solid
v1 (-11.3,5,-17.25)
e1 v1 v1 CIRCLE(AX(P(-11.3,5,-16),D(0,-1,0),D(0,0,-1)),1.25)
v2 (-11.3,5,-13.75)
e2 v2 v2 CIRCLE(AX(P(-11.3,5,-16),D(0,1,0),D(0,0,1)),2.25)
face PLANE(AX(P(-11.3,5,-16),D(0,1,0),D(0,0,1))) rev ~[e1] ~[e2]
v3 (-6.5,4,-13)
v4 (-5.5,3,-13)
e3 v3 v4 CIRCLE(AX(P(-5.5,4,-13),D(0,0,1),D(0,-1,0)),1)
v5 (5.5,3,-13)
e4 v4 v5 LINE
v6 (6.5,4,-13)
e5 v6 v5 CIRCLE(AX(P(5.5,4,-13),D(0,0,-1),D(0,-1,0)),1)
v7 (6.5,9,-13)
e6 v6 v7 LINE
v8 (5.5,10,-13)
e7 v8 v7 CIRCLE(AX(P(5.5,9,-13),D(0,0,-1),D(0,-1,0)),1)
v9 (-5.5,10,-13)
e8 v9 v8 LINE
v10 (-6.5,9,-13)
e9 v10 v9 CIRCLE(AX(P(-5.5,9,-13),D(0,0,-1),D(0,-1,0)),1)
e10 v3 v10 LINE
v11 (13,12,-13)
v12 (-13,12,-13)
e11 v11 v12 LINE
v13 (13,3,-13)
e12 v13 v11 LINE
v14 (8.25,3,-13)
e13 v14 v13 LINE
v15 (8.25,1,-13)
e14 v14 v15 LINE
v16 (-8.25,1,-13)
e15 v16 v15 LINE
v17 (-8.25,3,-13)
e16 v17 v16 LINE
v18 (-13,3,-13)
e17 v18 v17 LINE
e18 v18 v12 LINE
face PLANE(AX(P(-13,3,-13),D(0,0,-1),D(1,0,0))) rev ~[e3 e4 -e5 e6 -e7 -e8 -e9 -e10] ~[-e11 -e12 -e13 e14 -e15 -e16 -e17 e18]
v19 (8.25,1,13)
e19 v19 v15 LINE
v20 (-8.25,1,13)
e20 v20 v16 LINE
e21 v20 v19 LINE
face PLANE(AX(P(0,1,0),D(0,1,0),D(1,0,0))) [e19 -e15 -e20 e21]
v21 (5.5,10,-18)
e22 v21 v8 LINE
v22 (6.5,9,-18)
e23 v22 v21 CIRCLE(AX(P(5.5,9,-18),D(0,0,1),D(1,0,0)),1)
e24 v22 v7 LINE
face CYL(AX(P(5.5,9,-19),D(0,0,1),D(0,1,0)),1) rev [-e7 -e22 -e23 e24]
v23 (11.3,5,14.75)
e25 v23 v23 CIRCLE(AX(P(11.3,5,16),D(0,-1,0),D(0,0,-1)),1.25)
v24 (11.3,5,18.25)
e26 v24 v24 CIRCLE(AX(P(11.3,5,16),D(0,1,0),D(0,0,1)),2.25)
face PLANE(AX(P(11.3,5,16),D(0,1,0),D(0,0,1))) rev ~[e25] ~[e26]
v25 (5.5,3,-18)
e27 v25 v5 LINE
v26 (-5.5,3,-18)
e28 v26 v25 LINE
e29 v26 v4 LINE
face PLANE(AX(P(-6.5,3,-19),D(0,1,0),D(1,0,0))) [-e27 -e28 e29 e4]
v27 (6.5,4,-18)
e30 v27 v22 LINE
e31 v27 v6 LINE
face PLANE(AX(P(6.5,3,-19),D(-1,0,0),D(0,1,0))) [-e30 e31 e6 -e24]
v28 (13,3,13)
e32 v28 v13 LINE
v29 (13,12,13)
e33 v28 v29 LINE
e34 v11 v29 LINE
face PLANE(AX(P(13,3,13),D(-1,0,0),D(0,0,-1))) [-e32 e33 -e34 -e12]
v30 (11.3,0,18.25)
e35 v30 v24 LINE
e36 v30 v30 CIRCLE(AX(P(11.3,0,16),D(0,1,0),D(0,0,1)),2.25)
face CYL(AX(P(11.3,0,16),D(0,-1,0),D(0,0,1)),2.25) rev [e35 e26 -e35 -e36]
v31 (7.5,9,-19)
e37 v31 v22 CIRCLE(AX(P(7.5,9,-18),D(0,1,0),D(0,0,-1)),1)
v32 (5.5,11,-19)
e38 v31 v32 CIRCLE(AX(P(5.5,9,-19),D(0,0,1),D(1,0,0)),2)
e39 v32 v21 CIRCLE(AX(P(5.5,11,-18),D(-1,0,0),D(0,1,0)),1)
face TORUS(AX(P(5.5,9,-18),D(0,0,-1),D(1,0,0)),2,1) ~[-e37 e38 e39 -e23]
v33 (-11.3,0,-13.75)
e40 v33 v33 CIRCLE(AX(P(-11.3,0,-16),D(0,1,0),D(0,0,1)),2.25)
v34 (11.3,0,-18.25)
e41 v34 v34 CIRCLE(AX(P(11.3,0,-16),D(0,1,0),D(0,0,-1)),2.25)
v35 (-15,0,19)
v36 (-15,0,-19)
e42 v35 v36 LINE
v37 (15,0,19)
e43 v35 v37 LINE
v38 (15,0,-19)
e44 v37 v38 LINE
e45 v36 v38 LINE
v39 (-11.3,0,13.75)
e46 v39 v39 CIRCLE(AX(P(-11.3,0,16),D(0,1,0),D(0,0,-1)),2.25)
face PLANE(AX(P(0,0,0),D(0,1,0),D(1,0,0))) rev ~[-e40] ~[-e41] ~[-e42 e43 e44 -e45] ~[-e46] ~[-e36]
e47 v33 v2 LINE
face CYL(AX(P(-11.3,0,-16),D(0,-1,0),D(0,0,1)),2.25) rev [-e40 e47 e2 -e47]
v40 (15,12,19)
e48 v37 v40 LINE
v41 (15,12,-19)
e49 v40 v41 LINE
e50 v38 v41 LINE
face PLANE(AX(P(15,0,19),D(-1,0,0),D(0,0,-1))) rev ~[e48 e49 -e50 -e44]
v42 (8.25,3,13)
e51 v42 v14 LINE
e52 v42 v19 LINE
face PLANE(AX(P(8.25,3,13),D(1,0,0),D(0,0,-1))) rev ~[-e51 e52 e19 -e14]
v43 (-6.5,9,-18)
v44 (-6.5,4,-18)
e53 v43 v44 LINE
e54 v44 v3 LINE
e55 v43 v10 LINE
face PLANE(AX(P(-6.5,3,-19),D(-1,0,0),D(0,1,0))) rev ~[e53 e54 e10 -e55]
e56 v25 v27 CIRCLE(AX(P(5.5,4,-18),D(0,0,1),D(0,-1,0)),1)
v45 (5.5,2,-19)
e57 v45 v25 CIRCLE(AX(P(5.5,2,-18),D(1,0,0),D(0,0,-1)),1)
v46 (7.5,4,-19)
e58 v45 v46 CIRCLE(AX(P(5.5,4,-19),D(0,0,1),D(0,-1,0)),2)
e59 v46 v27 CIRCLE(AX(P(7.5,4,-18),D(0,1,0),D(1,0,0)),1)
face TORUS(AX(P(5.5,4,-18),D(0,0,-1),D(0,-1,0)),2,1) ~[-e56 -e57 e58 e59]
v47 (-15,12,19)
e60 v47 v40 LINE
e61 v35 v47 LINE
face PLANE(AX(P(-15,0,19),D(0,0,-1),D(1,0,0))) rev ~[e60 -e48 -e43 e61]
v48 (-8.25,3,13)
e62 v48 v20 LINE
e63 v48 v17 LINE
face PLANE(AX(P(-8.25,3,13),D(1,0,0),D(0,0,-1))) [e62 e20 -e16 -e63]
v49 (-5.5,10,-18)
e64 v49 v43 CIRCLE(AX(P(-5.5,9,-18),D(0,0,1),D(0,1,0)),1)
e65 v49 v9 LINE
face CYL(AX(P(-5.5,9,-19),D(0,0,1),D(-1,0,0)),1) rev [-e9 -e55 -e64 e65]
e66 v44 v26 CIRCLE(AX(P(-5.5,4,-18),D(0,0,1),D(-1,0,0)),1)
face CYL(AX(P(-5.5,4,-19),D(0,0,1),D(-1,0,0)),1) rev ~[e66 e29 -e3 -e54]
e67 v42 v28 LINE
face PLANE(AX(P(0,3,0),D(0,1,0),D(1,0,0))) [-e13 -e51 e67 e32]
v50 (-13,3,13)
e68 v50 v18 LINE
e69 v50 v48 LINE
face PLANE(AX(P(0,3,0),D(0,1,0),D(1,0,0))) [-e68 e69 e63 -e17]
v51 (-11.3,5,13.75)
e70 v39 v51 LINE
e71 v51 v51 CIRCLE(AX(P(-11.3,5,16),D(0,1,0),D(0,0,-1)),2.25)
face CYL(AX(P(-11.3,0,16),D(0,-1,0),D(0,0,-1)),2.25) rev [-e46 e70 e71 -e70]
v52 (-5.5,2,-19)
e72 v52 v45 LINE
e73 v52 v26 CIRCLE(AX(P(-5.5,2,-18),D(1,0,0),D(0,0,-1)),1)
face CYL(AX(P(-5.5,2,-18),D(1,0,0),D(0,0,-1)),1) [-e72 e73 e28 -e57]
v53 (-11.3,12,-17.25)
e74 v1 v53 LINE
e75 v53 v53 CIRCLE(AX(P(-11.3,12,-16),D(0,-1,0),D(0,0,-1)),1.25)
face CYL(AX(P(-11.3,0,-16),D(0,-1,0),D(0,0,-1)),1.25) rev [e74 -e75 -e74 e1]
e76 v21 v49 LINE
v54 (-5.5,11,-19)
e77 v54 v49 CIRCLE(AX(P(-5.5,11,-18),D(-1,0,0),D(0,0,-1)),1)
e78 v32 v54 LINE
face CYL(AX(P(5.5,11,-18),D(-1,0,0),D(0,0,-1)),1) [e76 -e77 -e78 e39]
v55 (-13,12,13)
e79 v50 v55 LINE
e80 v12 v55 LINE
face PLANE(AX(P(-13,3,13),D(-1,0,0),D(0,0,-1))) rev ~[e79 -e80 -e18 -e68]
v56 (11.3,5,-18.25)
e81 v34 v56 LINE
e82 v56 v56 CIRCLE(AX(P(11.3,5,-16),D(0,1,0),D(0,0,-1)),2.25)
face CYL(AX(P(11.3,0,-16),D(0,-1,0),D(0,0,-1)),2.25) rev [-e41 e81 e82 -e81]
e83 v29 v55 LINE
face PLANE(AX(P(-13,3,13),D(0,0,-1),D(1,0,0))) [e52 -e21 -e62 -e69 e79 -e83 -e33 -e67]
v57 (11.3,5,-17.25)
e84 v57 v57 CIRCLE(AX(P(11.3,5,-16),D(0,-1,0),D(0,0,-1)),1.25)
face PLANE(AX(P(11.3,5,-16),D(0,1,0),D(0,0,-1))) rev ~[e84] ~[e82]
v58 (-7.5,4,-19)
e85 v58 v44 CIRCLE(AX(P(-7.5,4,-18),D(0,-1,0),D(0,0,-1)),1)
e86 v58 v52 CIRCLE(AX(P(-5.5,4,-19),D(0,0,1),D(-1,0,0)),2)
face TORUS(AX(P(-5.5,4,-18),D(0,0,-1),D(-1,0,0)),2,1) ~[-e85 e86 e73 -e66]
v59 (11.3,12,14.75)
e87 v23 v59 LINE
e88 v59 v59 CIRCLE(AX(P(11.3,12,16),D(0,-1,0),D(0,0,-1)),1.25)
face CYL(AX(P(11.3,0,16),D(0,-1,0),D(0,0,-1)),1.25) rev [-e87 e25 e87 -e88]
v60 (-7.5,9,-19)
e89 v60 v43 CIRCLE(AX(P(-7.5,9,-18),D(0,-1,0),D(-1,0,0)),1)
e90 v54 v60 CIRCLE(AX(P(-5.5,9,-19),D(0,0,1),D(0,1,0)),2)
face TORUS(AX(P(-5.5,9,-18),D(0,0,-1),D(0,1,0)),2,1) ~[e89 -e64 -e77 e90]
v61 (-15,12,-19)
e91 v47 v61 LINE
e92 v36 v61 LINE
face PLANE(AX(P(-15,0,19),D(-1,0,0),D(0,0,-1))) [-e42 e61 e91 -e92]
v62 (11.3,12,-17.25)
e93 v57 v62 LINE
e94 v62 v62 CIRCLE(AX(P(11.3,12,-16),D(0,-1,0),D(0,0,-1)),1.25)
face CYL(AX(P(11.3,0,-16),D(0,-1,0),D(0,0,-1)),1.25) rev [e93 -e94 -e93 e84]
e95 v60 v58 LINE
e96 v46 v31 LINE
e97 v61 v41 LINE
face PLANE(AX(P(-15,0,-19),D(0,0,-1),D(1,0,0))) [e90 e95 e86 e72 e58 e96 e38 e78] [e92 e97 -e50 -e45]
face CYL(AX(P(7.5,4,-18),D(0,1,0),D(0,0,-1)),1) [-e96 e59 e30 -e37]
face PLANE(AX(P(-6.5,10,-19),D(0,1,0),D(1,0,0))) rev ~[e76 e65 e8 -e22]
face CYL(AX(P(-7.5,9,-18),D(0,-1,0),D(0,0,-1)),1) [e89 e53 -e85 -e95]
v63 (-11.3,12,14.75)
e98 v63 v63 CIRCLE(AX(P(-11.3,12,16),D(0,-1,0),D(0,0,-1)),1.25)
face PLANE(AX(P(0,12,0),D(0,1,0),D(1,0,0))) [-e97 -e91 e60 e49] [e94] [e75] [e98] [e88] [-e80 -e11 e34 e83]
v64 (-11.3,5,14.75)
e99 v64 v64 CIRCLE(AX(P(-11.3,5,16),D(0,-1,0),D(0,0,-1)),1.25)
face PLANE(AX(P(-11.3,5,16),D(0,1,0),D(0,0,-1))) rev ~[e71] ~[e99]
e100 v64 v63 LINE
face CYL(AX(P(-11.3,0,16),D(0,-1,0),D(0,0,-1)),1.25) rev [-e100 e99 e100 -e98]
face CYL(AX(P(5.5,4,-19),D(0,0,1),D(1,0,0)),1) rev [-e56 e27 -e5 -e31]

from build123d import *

# Parameters (mm, degrees)
SKETCH_1_W          = 30
SKETCH_1_H          = 38
EXTRUDE_1_DEPTH     = 12
CUT_EXTRUDE_START   = 3
SKETCH_1_4_W        = 26
SKETCH_1_4_H        = 26
CUT_EXTRUDE_1_DEPTH = 14
SKETCH_1_6_W        = 16.5
SKETCH_1_6_H        = 26
CUT_EXTRUDE_2_DEPTH = 2
SKETCH_1_7_R        = 1.25
CUT_EXTRUDE_5_DEPTH = 21
SKETCH_1_8_R        = 2.25
CUT_EXTRUDE_6_DEPTH = 5
SKETCH_3_W          = 13
SKETCH_3_H          = 7
CUT_EXTRUDE_7_DEPTH = 7
FILLET_1_R          = 1
FILLET_2_R          = 1


with BuildPart() as part:
    # 草图1 → 凸台-拉伸1 (new body)
    with BuildSketch(Plane(origin=(0, 0, 0), x_dir=(1, 0, 0), z_dir=(0, 1, 0))):
        Rectangle(SKETCH_1_W, SKETCH_1_H)
    extrude(amount=EXTRUDE_1_DEPTH)

    # 草图1<4> → 切除-拉伸1 (cut)
    with BuildSketch(Plane(origin=(0, 0, 0), x_dir=(1, 0, 0), z_dir=(0, 1, 0)).offset(CUT_EXTRUDE_START)):
        Rectangle(SKETCH_1_4_W, SKETCH_1_4_H)
    extrude(amount=CUT_EXTRUDE_1_DEPTH, mode=Mode.SUBTRACT)

    # 草图1<6> → 切除-拉伸2 (cut)
    with BuildSketch(Plane(origin=(0, 0, 0), x_dir=(1, 0, 0), z_dir=(0, 1, 0)).offset(CUT_EXTRUDE_START)):
        Rectangle(SKETCH_1_6_W, SKETCH_1_6_H)
    extrude(amount=-CUT_EXTRUDE_2_DEPTH, mode=Mode.SUBTRACT)

    # 草图1<7> → 切除-拉伸5 (cut)
    with BuildSketch(Plane(origin=(0, 0, 0), x_dir=(1, 0, 0), z_dir=(0, 1, 0))):
        with Locations(Location((-11.3, 16, 0), (0, 0, 90))):
            Circle(SKETCH_1_7_R)
        with Locations(Location((11.3, 16, 0), (0, 0, 90))):
            Circle(SKETCH_1_7_R)
        with Locations(Location((11.3, -16, 0), (0, 0, 90))):
            Circle(SKETCH_1_7_R)
        with Locations(Location((-11.3, -16, 0), (0, 0, 90))):
            Circle(SKETCH_1_7_R)
    extrude(amount=CUT_EXTRUDE_5_DEPTH, mode=Mode.SUBTRACT)

    # 草图1<8> → 切除-拉伸6 (cut)
    with BuildSketch(Plane(origin=(0, 0, 0), x_dir=(1, 0, 0), z_dir=(0, 1, 0))):
        with Locations(Location((-11.3, 16, 0), (0, 0, 270))):
            Circle(SKETCH_1_8_R)
        with Locations(Location((11.3, 16, 0), (0, 0, 90))):
            Circle(SKETCH_1_8_R)
        with Locations(Location((11.3, -16, 0), (0, 0, 270))):
            Circle(SKETCH_1_8_R)
        with Locations(Location((-11.3, -16, 0), (0, 0, 90))):
            Circle(SKETCH_1_8_R)
    extrude(amount=CUT_EXTRUDE_6_DEPTH, mode=Mode.SUBTRACT)

    # 草图3 → 切除-拉伸7 (cut)
    with BuildSketch(Plane.XY.offset(-19)):
        with Locations((0, 6.5)):
            Rectangle(SKETCH_3_W, SKETCH_3_H)
    extrude(amount=CUT_EXTRUDE_7_DEPTH, mode=Mode.SUBTRACT)

    # 圆角1
    fillet_1_edges = [part.edges().sort_by_distance(p)[0] for p in [
        (6.5, 3, -16),
        (6.5, 10, -16),
        (-6.5, 10, -16),
        (-6.5, 3, -16),
    ]]
    fillet(fillet_1_edges, radius=FILLET_1_R)

    # 圆角2
    fillet_2_edges = [part.edges().sort_by_distance(p)[0] for p in [
        (0, 3, -19),
        (6.5, 6.5, -19),
        (0, 10, -19),
        (-6.5, 6.5, -19),
        (6.207106781, 3.292893219, -19),
        (6.207106781, 9.707106781, -19),
        (-6.207106781, 9.707106781, -19),
        (-6.207106781, 3.292893219, -19),
    ]]
    fillet(fillet_2_edges, radius=FILLET_2_R)


solid = part.part
